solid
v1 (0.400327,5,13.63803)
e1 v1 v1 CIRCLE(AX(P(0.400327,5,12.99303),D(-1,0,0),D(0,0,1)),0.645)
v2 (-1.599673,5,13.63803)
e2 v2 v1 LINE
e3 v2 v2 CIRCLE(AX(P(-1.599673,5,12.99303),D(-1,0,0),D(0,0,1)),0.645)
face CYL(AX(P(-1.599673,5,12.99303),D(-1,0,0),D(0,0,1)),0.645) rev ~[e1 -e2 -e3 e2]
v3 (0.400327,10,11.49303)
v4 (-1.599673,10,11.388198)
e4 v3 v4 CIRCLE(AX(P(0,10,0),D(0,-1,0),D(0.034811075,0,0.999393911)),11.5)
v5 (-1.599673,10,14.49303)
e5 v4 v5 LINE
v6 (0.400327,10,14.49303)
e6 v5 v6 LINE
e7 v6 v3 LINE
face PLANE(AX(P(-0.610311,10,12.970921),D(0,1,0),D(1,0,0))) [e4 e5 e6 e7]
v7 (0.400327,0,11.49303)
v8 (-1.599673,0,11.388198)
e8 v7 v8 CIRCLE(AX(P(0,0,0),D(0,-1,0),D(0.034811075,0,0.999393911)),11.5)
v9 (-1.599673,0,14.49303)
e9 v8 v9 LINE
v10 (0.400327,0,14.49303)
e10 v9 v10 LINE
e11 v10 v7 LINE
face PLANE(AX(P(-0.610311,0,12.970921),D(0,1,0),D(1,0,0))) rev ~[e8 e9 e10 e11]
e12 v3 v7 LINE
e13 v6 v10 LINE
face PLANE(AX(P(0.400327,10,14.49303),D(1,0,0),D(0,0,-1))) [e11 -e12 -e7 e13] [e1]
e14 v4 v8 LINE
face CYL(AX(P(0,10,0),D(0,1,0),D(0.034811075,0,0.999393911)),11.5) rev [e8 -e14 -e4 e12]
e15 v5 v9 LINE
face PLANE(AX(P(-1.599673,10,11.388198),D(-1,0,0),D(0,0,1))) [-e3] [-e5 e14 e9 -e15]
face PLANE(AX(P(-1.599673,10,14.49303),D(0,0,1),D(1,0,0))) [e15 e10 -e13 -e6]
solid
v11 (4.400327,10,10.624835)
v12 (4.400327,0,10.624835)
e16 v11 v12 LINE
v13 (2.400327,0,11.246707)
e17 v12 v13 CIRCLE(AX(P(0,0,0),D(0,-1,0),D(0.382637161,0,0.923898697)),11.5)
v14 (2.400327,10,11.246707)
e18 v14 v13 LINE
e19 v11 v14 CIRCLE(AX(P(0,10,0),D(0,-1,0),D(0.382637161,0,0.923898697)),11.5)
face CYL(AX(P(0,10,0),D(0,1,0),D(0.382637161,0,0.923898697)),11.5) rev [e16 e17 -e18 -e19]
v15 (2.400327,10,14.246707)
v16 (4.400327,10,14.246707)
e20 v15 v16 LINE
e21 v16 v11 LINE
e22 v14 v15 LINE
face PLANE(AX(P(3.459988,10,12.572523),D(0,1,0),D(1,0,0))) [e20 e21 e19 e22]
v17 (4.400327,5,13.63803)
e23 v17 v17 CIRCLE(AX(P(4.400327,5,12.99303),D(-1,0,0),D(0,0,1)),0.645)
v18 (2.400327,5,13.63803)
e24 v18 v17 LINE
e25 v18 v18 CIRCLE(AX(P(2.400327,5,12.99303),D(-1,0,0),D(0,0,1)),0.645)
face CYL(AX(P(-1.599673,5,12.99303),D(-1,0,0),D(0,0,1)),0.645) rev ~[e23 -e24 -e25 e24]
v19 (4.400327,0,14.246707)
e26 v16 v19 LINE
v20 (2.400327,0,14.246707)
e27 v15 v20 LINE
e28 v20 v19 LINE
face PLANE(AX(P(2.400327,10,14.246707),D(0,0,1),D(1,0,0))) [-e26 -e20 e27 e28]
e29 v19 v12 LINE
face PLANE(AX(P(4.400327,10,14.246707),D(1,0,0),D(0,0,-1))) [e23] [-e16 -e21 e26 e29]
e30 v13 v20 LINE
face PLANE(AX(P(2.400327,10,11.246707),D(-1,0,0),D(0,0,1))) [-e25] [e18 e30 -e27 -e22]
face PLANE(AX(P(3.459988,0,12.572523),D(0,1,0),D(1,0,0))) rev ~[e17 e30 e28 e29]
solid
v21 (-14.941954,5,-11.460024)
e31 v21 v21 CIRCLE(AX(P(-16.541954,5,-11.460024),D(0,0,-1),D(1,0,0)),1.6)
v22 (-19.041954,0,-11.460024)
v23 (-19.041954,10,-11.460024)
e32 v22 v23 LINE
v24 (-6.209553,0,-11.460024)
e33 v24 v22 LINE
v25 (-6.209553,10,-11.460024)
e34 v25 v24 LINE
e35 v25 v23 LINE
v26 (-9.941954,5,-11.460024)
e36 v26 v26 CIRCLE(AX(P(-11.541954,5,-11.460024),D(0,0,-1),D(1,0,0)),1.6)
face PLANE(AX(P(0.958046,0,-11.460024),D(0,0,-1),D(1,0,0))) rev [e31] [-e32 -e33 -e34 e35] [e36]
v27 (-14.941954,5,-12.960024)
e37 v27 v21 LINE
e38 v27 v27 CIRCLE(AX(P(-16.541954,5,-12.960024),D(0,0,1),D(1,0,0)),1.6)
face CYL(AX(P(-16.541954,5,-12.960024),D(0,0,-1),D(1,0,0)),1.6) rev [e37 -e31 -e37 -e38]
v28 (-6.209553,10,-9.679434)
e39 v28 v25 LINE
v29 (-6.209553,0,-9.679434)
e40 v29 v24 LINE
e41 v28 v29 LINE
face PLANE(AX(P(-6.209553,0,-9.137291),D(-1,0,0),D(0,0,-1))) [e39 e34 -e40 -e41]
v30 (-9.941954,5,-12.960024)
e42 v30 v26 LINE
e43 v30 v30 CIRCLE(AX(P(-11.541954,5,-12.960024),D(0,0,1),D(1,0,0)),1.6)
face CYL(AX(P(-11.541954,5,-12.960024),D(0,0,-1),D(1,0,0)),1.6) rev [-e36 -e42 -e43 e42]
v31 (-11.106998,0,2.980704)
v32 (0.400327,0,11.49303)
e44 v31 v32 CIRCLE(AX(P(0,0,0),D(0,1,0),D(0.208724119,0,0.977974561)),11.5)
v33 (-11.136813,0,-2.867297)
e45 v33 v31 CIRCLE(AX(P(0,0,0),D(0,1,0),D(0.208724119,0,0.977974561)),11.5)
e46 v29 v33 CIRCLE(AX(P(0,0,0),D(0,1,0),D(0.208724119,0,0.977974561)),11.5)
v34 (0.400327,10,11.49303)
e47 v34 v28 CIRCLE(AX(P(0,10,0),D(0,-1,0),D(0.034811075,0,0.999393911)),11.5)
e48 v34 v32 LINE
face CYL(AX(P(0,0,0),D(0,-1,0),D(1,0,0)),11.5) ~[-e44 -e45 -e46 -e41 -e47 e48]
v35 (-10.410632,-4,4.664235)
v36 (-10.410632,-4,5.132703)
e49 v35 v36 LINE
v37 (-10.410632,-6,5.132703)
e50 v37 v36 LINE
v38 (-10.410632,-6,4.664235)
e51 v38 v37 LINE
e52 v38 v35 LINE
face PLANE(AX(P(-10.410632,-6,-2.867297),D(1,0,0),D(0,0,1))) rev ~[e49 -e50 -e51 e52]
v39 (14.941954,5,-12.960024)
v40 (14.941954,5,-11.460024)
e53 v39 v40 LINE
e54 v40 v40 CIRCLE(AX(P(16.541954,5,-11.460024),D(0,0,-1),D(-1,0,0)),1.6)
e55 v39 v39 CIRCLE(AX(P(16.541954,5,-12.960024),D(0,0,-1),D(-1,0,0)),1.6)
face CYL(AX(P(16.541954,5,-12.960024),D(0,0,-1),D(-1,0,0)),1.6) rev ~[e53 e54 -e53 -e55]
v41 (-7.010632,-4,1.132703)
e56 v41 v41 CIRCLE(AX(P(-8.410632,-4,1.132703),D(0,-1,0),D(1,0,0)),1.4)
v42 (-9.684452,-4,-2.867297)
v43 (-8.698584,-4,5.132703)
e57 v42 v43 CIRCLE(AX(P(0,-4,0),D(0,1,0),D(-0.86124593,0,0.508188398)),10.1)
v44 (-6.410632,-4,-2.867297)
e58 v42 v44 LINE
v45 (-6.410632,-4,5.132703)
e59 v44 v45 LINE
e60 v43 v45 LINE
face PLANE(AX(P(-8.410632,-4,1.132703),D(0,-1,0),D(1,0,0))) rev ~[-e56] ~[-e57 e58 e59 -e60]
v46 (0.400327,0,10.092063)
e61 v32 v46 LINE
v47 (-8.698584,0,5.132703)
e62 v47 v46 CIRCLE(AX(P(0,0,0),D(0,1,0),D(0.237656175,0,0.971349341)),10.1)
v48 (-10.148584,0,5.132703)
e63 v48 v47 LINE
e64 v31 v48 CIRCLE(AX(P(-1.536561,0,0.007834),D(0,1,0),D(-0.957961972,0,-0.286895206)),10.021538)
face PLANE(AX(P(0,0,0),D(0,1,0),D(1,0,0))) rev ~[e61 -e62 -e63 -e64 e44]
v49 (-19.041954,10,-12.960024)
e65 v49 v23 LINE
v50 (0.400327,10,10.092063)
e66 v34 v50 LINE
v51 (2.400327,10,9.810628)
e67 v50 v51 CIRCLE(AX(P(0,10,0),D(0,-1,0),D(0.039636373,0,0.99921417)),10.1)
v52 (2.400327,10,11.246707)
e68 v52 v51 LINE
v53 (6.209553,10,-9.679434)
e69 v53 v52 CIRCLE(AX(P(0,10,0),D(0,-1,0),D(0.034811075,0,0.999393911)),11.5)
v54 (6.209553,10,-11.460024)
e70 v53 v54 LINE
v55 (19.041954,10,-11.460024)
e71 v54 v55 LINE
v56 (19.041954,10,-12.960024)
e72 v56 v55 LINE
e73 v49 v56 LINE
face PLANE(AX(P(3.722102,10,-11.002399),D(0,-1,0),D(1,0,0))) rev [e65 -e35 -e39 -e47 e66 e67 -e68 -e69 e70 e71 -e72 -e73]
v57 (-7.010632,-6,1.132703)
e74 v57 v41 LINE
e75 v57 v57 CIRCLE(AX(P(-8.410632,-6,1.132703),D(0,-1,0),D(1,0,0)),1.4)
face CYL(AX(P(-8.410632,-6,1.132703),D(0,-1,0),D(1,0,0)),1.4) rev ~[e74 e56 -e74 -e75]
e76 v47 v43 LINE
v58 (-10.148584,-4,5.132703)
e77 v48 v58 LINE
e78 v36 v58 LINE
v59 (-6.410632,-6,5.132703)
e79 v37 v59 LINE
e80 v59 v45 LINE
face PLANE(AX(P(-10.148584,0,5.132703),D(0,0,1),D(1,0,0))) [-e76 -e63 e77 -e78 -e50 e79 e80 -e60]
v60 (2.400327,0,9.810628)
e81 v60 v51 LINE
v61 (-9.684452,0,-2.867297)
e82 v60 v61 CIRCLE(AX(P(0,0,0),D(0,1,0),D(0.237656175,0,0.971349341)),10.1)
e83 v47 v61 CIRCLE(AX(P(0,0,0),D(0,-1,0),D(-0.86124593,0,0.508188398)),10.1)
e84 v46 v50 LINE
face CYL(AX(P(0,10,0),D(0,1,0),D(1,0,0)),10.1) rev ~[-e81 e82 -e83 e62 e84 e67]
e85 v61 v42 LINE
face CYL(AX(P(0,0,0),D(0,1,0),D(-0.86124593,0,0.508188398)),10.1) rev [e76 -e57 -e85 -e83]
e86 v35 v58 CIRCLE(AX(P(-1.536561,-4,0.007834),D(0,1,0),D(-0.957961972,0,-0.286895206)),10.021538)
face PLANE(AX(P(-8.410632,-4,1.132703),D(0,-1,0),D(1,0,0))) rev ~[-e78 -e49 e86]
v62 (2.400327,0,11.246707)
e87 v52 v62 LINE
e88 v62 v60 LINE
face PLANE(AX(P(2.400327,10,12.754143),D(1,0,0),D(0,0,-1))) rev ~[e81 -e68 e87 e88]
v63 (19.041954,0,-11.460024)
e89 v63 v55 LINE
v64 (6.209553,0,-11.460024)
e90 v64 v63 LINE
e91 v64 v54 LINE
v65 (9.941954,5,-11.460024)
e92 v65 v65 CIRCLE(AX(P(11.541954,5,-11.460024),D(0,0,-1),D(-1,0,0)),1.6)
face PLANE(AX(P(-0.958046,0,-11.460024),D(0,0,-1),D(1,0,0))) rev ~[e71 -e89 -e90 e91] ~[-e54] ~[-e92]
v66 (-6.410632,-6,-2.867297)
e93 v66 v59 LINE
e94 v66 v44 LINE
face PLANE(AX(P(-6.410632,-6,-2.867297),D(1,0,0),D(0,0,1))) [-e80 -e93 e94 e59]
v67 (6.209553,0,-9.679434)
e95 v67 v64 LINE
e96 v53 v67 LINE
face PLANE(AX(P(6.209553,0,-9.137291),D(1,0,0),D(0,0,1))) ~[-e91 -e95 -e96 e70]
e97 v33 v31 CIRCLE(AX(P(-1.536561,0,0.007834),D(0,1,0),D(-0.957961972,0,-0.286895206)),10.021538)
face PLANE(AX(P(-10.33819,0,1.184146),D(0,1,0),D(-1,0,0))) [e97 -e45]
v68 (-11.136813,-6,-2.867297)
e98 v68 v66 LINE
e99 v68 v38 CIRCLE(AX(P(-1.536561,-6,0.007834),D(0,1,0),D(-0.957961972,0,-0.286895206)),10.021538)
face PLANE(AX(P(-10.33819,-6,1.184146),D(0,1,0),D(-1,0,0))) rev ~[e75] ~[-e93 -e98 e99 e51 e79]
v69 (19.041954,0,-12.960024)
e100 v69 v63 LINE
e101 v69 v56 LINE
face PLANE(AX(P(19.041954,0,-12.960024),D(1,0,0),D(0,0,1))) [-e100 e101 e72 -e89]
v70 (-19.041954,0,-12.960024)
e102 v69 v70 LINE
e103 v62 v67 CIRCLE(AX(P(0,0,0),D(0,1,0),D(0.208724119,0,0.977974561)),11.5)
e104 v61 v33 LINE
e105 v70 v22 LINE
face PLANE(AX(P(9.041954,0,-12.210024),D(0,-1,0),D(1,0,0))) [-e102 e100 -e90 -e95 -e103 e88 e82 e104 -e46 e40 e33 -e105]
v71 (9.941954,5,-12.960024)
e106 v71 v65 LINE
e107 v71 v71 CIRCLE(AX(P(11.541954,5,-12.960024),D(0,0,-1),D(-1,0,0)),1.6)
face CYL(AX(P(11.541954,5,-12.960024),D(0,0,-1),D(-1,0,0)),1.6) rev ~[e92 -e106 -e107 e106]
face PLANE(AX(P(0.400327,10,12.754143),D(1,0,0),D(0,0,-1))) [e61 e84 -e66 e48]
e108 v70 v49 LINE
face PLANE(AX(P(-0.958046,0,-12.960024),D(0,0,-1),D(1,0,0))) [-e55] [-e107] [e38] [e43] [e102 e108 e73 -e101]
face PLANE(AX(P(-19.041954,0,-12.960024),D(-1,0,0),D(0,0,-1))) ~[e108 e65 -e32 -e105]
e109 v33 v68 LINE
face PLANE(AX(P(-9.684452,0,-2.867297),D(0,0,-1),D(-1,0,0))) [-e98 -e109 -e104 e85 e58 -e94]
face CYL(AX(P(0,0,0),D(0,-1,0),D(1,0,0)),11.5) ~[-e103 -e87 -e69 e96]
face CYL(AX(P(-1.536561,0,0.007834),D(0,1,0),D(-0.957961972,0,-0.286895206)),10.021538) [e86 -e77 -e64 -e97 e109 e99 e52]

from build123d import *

# Parameters (mm, degrees)
SKETCH1_R            = 11.5
BOSS_EXTRUDE1_DEPTH  = 10
SKETCH5_R            = 10.1
CUT_EXTRUDE3_DEPTH   = 10
SKETCH6_W            = 2
SKETCH6_H            = 5.503378154
CUT_EXTRUDE4_DEPTH   = 10
BOSS_EXTRUDE2_DEPTH  = 10
BOSS_EXTRUDE4_DEPTH  = 10
SKETCH12_R           = 0.645
CUT_EXTRUDE5_DEPTH   = 10
BOSS_EXTRUDE7_DEPTH  = 6
SKETCH17_W           = 4
SKETCH17_H           = 8
BOSS_EXTRUDE8_DEPTH  = 2
SKETCH18_R           = 1.4
CUT_EXTRUDE7_DEPTH   = 2
SKETCH20_W           = 20
SKETCH20_H           = 1.5
BOSS_EXTRUDE10_DEPTH = 10
SKETCH26_R           = 1.6
CUT_EXTRUDE14_DEPTH  = 10
SKETCH27_R           = 1.6
CUT_EXTRUDE15_DEPTH  = 2
BOSS_EXTRUDE11_DEPTH = 10


with BuildPart() as part:
    # Sketch1 → Boss-Extrude1 (new body)
    with BuildSketch(Plane(origin=(0, 0, 0), x_dir=(1, 0, 0), z_dir=(0, 1, 0))):
        Circle(SKETCH1_R)
    extrude(amount=BOSS_EXTRUDE1_DEPTH)

    # Sketch5 → Cut-Extrude3 (cut)
    with BuildSketch(Plane(origin=(0, 10, 0), x_dir=(1, 0, 0), z_dir=(0, 1, 0))):
        Circle(SKETCH5_R)
    extrude(amount=-CUT_EXTRUDE3_DEPTH, mode=Mode.SUBTRACT)

    # Sketch6 → Cut-Extrude4 (cut)
    with BuildSketch(Plane(origin=(0, 10, 0), x_dir=(1, 0, 0), z_dir=(0, 1, 0))):
        with Locations((1.400327363, -10.002453863)):
            Rectangle(SKETCH6_W, SKETCH6_H)
    extrude(amount=-CUT_EXTRUDE4_DEPTH, mode=Mode.SUBTRACT)

    # Sketch16 → Boss-Extrude7 (add)
    with BuildSketch(Plane.XZ):
        with BuildLine():
            Line((-10.148583893, 5.132702821), (-8.698583893, 5.132702821))
            ThreePointArc((-8.698583893, 5.132702821), (-10.02417081, 1.235313551), (-9.684451811, -2.867297179))
            Line((-9.684451811, -2.867297179), (-11.136813139, -2.867297179))
            ThreePointArc((-11.136813139, -2.867297179), (-11.482501921, 1.236442607), (-10.148583893, 5.132702821))
        make_face()
    extrude(amount=BOSS_EXTRUDE7_DEPTH)

    # Sketch17 → Boss-Extrude8 (add)
    with BuildSketch(Plane.XZ.offset(6)):
        with Locations((-8.410632475, 1.132702821)):
            Rectangle(SKETCH17_W, SKETCH17_H)
    extrude(amount=-BOSS_EXTRUDE8_DEPTH)

    # Sketch18 → Cut-Extrude7 (cut)
    with BuildSketch(Plane.XZ.offset(6)):
        with Locations((-8.410632475, 1.132702821)):
            Circle(SKETCH18_R)
    extrude(amount=-CUT_EXTRUDE7_DEPTH, mode=Mode.SUBTRACT)

    # Sketch20 → Boss-Extrude10 (add)
    with BuildSketch(Plane.XZ):
        with Locations((9.041954101, -12.210023912)):
            Rectangle(SKETCH20_W, SKETCH20_H)
    boss_extrude10 = extrude(amount=-BOSS_EXTRUDE10_DEPTH)

    # Mirror1: Boss-Extrude10 across plane
    add(boss_extrude10.mirror(Plane(origin=(0, 0, 0), x_dir=(0, 0, 1), z_dir=(1, 0, 0))))

    # Sketch26 → Cut-Extrude14 (cut)
    with BuildSketch(Plane(origin=(0, 0, -12.960023912), x_dir=(-1, 0, 0), z_dir=(0, 0, -1))):
        with Locations((-16.541954101, 5)):
            Circle(SKETCH26_R)
    cut_extrude14 = extrude(amount=-CUT_EXTRUDE14_DEPTH, mode=Mode.SUBTRACT)

    # Mirror2: Cut-Extrude14 across plane
    add(cut_extrude14.mirror(Plane(origin=(0, 0, 0), x_dir=(0, 0, 1), z_dir=(1, 0, 0))), mode=Mode.SUBTRACT)

    # Sketch27 → Cut-Extrude15 (cut)
    with BuildSketch(Plane(origin=(0, 0, -12.960023912), x_dir=(-1, 0, 0), z_dir=(0, 0, -1))):
        with Locations((-11.541954101, 5)):
            Circle(SKETCH27_R)
    cut_extrude15 = extrude(amount=-CUT_EXTRUDE15_DEPTH, mode=Mode.SUBTRACT)

    # Mirror3: Cut-Extrude15 across plane
    add(cut_extrude15.mirror(Plane(origin=(0, 0, 0), x_dir=(0, 0, 1), z_dir=(1, 0, 0))), mode=Mode.SUBTRACT)

    # Sketch28 → Boss-Extrude11 (add)
    with BuildSketch(Plane.XZ):
        Polygon((0, -11.441867229), (-6.20955334, -9.137290732), (-6.20955334, -12.338091423), align=None)
    boss_extrude11 = extrude(amount=-BOSS_EXTRUDE11_DEPTH)

    # Mirror4: Boss-Extrude11 across plane
    add(boss_extrude11.mirror(Plane(origin=(0, 0, 0), x_dir=(0, 0, 1), z_dir=(1, 0, 0))))


with BuildPart() as body_2:
    # Sketch7 → Boss-Extrude2 (new body)
    with BuildSketch(Plane(origin=(0.400327363, 10, 11.493029975), x_dir=(1, 0, 0), z_dir=(0, 1, 0))):
        with BuildLine():
            Line((-2, 0.104832248), (-2, -3))
            Line((-2, -3), (0, -3))
            Line((0, -3), (0, 0))
            ThreePointArc((0, 0), (-1.002286433, 0.008795334), (-2, 0.104832248))
        make_face()
    extrude(amount=-BOSS_EXTRUDE2_DEPTH)


with BuildPart() as body_3:
    # Sketch11 → Boss-Extrude4 (new body)
    with BuildSketch(Plane(origin=(0, 10, 0), x_dir=(1, 0, 0), z_dir=(0, 1, 0))):
        with BuildLine():
            Line((4.400327363, -14.246707454), (4.400327363, -10.624835015))
            ThreePointArc((4.400327363, -10.624835015), (3.414514242, -10.981397565), (2.400327363, -11.246707454))
            Line((2.400327363, -11.246707454), (2.400327363, -14.246707454))
            Line((2.400327363, -14.246707454), (4.400327363, -14.246707454))
        make_face()
    extrude(amount=-BOSS_EXTRUDE4_DEPTH)


with BuildPart() as cut_extrude5_tool:
    # Sketch12 → Cut-Extrude5 (new body)
    with BuildSketch(Plane.ZY.offset(1.599672637)):
        with Locations((12.993029975, 5)):
            Circle(SKETCH12_R)
    extrude(amount=-CUT_EXTRUDE5_DEPTH)


with BuildPart() as body_2_1:
    add(body_2.part)

    # Cut-Extrude5: cut by cut_extrude5_tool
    add(cut_extrude5_tool.part, mode=Mode.SUBTRACT)


with BuildPart() as body_3_1:
    add(body_3.part)

    # Cut-Extrude5: cut by cut_extrude5_tool
    add(cut_extrude5_tool.part, mode=Mode.SUBTRACT)


solid = Compound([part.part, body_2_1.part, body_3_1.part])
